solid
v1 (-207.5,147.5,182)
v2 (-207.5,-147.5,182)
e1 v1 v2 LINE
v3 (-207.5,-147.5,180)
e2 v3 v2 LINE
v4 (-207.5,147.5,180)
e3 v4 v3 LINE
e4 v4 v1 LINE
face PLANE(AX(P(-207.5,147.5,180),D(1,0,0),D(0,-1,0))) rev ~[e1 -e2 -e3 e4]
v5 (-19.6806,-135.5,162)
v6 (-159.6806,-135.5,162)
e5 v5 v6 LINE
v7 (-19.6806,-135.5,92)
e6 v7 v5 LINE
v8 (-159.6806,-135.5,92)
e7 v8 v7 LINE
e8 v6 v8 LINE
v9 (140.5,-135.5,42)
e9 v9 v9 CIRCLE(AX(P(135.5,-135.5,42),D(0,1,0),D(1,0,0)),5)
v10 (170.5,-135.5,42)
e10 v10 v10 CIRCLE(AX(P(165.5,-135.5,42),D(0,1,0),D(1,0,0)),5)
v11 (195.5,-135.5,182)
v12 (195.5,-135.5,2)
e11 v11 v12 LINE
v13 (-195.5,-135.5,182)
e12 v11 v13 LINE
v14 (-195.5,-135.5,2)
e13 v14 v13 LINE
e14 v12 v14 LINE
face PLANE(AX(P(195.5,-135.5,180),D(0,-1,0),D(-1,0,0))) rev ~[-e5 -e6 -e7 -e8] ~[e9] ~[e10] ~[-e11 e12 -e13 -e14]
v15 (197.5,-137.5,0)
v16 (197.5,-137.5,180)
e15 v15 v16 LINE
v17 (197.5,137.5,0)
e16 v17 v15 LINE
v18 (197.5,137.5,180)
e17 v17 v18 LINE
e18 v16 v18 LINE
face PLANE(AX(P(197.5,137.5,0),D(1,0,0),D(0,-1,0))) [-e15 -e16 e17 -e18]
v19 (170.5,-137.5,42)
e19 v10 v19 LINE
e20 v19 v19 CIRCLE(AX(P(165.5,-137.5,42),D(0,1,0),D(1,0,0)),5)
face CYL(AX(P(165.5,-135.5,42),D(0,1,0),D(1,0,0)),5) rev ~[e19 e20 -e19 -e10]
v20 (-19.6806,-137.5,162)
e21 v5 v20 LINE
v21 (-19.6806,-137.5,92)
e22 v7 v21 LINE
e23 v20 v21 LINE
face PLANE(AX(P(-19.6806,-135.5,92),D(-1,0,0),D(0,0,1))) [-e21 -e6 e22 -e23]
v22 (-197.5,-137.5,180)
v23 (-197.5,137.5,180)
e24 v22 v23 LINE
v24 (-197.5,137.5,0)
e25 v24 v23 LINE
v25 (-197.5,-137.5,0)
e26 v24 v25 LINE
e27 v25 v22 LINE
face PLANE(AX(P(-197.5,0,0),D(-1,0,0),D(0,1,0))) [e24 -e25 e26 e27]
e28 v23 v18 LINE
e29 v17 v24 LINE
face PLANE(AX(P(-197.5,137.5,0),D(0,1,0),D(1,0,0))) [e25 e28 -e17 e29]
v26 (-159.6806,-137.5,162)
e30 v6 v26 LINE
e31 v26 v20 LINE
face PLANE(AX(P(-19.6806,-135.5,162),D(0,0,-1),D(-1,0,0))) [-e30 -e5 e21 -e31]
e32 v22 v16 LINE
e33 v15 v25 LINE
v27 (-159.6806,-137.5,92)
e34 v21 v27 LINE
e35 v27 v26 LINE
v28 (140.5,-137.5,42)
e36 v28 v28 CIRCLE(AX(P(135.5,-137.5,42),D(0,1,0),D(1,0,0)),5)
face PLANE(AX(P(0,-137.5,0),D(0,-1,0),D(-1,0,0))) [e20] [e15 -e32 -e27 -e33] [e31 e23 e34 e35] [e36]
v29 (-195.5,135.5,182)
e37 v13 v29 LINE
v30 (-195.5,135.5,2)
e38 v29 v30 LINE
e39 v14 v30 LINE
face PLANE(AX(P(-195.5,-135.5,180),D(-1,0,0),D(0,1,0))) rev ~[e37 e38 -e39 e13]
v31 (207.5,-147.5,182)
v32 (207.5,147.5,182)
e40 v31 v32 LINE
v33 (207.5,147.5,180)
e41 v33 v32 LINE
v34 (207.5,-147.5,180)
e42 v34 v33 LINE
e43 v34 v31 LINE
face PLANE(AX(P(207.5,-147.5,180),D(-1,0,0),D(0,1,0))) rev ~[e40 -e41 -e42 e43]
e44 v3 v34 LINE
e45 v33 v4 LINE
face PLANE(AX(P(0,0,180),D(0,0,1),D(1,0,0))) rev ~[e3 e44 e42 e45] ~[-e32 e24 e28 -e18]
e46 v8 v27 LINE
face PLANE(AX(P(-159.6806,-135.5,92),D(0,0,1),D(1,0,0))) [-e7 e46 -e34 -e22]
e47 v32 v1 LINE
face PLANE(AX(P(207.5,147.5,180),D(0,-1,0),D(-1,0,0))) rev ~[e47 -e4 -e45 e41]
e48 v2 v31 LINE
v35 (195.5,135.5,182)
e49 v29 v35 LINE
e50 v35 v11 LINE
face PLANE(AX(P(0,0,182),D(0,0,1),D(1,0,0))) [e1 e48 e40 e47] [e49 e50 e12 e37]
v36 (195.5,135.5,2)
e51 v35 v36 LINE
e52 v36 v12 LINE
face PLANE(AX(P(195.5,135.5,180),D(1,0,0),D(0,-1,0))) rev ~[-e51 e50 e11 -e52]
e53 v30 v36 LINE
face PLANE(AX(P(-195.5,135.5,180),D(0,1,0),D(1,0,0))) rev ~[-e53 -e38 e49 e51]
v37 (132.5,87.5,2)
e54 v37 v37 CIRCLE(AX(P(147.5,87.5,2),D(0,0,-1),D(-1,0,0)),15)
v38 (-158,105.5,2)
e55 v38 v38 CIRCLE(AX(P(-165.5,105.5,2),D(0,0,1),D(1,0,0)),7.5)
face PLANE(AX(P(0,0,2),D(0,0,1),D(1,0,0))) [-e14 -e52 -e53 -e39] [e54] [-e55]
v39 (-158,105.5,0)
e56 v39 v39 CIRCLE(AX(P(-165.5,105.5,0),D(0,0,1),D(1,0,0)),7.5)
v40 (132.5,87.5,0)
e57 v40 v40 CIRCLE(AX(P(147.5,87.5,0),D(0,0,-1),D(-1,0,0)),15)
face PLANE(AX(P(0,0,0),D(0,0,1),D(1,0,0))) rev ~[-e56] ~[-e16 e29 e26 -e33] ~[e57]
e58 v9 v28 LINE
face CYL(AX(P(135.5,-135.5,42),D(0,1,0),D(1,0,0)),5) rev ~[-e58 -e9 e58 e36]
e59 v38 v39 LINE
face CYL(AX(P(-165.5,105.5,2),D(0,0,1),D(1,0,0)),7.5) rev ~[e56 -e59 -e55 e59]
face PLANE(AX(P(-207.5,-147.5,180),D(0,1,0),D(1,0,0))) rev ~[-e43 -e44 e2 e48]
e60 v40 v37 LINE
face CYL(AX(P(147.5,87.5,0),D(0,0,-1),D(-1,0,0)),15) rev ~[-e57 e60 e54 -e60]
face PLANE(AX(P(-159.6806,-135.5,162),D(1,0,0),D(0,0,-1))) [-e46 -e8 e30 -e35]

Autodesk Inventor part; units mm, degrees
ref_plane "YZ Plane" through (0, 0, 0) normal (1, 0, 0) x (0, 1, 0)
ref_plane "XZ Plane" through (0, 0, 0) normal (0, 1, 0) x (-1, 0, 0)
sketch "Skizze1" plane through (0, 0, 0) normal (0, 0, 1) x (1, 0, 0)
  line L0 (-276.5, 0) -> (276.5, 0) projected
  line L1 (0, -192.5) -> (0, 192.5) projected
  line L2 (-197.5, 137.5) -> (197.5, 137.5)
  line L3 (197.5, 137.5) -> (197.5, -137.5)
  line L4 (197.5, -137.5) -> (-197.5, -137.5)
  line L5 (-197.5, -137.5) -> (-197.5, 137.5)
  point P0 (0, 0)
  dimension "d0" = 395
  dimension "d1" = 275
extrude "Extrusion1" add sketch "Skizze1" along normal blind 180
sketch "Skizze2" plane through (0, 0, 180) normal (0, 0, 1) x (1, 0, 0)
  line L0 (-195.5, 135.5) -> (195.5, 135.5)
  line L1 (195.5, 135.5) -> (195.5, -135.5)
  line L2 (195.5, -135.5) -> (-195.5, -135.5)
  line L3 (-195.5, -135.5) -> (-195.5, 135.5)
  line L4 (197.5, 137.5) -> (-197.5, 137.5) projected
  line L5 (197.5, -137.5) -> (197.5, 137.5) projected
  line L6 (-197.5, -137.5) -> (197.5, -137.5) projected
  line L7 (-197.5, 137.5) -> (-197.5, -137.5) projected
  point P0 (0, 0)
  dimension "d4" = 2
  dimension "d5" = 2
  dimension "d6" = 2
  dimension "d7" = 2
extrude "Extrusion2" cut sketch "Skizze2" against normal blind 178 contours L0 L1 L2 L3
ref_plane "Arbeitsebene1" through (0, 0, 180) normal (0, 0, 1) x (1, 0, 0)
sketch "Skizze4" plane through (0, 0, 180) normal (0, 0, 1) x (1, 0, 0)
  line L0 (-207.5, -147.5) -> (207.5, -147.5)
  line L1 (207.5, -147.5) -> (207.5, 147.5)
  line L2 (207.5, 147.5) -> (-207.5, 147.5)
  line L3 (-207.5, 147.5) -> (-207.5, -147.5)
  line L4 (-195.5, -135.5) -> (-195.5, 135.5) projected
  line L5 (-195.5, 135.5) -> (195.5, 135.5) projected
  line L6 (195.5, 135.5) -> (195.5, -135.5) projected
  line L7 (195.5, -135.5) -> (-195.5, -135.5) projected
  point P0 (0, 0)
  dimension "d17" = 12
  dimension "d18" = 12
  dimension "d19" = 12
  dimension "d20" = 12
extrude "Extrusion4" add sketch "Skizze4" along normal blind 2
sketch "Skizze5" plane through (0, 0, 0) normal (0, 0, -1) x (-1, 0, 0)
  line L0 (-197.5, -137.5) -> (-197.5, 137.5) projected
  line L1 (-197.5, 137.5) -> (197.5, 137.5) projected
  circle A0 centre (-147.5, 87.5) radius 15
  point P0 (0, 0)
  dimension "d23" = 50
  dimension "d24" = 50
  dimension "d25" = 30
extrude "Extrusion5" cut sketch "Skizze5" against normal blind 10
sketch "Skizze6" plane through (-195.5, -135.5, 2) normal (0, 1, 0) x (1, 0, 0)
  line L0 (35.8194, -90) -> (175.8194, -90)
  line L1 (175.8194, -90) -> (175.8194, -160)
  line L2 (175.8194, -160) -> (35.8194, -160)
  line L3 (35.8194, -160) -> (35.8194, -90)
  line L4 (391, -180) -> (0, -180) projected
  point P0 (195.5, 2)
  dimension "d28" = 70
  dimension "d29" = 140
  dimension "d30" = 20
extrude "Extrusion6" cut sketch "Skizze6" against normal blind 10
sketch "Skizze7" plane through (0, 0, 2) normal (0, 0, 1) x (1, 0, 0)
  line L0 (-195.5, -135.5) -> (-195.5, 135.5) projected
  line L1 (-195.5, 135.5) -> (195.5, 135.5) projected
  circle A0 centre (-165.5, 105.5) radius 7.5
  point P0 (0, 0)
  dimension "d33" = 30
  dimension "d34" = 30
  dimension "d35" = 15
extrude "Extrusion7" cut sketch "Skizze7" against normal blind 10
sketch "Skizze8" plane through (-195.5, -135.5, 2) normal (0, 1, 0) x (1, 0, 0)
  line L0 (391, 0) -> (0, 0) projected
  line L1 (391, 0) -> (391, -180) projected
  circle A0 centre (361, -40) radius 5
  circle A1 centre (331, -40) radius 5
  point P0 (195.5, 2)
  dimension "d38" = 40
  dimension "d39" = 40
  dimension "d40" = 30
  dimension "d41" = 30
  dimension "d42" = 10
  dimension "d43" = 10
extrude "Extrusion8" cut sketch "Skizze8" against normal blind 10
properties part number "Schaltkasten"
